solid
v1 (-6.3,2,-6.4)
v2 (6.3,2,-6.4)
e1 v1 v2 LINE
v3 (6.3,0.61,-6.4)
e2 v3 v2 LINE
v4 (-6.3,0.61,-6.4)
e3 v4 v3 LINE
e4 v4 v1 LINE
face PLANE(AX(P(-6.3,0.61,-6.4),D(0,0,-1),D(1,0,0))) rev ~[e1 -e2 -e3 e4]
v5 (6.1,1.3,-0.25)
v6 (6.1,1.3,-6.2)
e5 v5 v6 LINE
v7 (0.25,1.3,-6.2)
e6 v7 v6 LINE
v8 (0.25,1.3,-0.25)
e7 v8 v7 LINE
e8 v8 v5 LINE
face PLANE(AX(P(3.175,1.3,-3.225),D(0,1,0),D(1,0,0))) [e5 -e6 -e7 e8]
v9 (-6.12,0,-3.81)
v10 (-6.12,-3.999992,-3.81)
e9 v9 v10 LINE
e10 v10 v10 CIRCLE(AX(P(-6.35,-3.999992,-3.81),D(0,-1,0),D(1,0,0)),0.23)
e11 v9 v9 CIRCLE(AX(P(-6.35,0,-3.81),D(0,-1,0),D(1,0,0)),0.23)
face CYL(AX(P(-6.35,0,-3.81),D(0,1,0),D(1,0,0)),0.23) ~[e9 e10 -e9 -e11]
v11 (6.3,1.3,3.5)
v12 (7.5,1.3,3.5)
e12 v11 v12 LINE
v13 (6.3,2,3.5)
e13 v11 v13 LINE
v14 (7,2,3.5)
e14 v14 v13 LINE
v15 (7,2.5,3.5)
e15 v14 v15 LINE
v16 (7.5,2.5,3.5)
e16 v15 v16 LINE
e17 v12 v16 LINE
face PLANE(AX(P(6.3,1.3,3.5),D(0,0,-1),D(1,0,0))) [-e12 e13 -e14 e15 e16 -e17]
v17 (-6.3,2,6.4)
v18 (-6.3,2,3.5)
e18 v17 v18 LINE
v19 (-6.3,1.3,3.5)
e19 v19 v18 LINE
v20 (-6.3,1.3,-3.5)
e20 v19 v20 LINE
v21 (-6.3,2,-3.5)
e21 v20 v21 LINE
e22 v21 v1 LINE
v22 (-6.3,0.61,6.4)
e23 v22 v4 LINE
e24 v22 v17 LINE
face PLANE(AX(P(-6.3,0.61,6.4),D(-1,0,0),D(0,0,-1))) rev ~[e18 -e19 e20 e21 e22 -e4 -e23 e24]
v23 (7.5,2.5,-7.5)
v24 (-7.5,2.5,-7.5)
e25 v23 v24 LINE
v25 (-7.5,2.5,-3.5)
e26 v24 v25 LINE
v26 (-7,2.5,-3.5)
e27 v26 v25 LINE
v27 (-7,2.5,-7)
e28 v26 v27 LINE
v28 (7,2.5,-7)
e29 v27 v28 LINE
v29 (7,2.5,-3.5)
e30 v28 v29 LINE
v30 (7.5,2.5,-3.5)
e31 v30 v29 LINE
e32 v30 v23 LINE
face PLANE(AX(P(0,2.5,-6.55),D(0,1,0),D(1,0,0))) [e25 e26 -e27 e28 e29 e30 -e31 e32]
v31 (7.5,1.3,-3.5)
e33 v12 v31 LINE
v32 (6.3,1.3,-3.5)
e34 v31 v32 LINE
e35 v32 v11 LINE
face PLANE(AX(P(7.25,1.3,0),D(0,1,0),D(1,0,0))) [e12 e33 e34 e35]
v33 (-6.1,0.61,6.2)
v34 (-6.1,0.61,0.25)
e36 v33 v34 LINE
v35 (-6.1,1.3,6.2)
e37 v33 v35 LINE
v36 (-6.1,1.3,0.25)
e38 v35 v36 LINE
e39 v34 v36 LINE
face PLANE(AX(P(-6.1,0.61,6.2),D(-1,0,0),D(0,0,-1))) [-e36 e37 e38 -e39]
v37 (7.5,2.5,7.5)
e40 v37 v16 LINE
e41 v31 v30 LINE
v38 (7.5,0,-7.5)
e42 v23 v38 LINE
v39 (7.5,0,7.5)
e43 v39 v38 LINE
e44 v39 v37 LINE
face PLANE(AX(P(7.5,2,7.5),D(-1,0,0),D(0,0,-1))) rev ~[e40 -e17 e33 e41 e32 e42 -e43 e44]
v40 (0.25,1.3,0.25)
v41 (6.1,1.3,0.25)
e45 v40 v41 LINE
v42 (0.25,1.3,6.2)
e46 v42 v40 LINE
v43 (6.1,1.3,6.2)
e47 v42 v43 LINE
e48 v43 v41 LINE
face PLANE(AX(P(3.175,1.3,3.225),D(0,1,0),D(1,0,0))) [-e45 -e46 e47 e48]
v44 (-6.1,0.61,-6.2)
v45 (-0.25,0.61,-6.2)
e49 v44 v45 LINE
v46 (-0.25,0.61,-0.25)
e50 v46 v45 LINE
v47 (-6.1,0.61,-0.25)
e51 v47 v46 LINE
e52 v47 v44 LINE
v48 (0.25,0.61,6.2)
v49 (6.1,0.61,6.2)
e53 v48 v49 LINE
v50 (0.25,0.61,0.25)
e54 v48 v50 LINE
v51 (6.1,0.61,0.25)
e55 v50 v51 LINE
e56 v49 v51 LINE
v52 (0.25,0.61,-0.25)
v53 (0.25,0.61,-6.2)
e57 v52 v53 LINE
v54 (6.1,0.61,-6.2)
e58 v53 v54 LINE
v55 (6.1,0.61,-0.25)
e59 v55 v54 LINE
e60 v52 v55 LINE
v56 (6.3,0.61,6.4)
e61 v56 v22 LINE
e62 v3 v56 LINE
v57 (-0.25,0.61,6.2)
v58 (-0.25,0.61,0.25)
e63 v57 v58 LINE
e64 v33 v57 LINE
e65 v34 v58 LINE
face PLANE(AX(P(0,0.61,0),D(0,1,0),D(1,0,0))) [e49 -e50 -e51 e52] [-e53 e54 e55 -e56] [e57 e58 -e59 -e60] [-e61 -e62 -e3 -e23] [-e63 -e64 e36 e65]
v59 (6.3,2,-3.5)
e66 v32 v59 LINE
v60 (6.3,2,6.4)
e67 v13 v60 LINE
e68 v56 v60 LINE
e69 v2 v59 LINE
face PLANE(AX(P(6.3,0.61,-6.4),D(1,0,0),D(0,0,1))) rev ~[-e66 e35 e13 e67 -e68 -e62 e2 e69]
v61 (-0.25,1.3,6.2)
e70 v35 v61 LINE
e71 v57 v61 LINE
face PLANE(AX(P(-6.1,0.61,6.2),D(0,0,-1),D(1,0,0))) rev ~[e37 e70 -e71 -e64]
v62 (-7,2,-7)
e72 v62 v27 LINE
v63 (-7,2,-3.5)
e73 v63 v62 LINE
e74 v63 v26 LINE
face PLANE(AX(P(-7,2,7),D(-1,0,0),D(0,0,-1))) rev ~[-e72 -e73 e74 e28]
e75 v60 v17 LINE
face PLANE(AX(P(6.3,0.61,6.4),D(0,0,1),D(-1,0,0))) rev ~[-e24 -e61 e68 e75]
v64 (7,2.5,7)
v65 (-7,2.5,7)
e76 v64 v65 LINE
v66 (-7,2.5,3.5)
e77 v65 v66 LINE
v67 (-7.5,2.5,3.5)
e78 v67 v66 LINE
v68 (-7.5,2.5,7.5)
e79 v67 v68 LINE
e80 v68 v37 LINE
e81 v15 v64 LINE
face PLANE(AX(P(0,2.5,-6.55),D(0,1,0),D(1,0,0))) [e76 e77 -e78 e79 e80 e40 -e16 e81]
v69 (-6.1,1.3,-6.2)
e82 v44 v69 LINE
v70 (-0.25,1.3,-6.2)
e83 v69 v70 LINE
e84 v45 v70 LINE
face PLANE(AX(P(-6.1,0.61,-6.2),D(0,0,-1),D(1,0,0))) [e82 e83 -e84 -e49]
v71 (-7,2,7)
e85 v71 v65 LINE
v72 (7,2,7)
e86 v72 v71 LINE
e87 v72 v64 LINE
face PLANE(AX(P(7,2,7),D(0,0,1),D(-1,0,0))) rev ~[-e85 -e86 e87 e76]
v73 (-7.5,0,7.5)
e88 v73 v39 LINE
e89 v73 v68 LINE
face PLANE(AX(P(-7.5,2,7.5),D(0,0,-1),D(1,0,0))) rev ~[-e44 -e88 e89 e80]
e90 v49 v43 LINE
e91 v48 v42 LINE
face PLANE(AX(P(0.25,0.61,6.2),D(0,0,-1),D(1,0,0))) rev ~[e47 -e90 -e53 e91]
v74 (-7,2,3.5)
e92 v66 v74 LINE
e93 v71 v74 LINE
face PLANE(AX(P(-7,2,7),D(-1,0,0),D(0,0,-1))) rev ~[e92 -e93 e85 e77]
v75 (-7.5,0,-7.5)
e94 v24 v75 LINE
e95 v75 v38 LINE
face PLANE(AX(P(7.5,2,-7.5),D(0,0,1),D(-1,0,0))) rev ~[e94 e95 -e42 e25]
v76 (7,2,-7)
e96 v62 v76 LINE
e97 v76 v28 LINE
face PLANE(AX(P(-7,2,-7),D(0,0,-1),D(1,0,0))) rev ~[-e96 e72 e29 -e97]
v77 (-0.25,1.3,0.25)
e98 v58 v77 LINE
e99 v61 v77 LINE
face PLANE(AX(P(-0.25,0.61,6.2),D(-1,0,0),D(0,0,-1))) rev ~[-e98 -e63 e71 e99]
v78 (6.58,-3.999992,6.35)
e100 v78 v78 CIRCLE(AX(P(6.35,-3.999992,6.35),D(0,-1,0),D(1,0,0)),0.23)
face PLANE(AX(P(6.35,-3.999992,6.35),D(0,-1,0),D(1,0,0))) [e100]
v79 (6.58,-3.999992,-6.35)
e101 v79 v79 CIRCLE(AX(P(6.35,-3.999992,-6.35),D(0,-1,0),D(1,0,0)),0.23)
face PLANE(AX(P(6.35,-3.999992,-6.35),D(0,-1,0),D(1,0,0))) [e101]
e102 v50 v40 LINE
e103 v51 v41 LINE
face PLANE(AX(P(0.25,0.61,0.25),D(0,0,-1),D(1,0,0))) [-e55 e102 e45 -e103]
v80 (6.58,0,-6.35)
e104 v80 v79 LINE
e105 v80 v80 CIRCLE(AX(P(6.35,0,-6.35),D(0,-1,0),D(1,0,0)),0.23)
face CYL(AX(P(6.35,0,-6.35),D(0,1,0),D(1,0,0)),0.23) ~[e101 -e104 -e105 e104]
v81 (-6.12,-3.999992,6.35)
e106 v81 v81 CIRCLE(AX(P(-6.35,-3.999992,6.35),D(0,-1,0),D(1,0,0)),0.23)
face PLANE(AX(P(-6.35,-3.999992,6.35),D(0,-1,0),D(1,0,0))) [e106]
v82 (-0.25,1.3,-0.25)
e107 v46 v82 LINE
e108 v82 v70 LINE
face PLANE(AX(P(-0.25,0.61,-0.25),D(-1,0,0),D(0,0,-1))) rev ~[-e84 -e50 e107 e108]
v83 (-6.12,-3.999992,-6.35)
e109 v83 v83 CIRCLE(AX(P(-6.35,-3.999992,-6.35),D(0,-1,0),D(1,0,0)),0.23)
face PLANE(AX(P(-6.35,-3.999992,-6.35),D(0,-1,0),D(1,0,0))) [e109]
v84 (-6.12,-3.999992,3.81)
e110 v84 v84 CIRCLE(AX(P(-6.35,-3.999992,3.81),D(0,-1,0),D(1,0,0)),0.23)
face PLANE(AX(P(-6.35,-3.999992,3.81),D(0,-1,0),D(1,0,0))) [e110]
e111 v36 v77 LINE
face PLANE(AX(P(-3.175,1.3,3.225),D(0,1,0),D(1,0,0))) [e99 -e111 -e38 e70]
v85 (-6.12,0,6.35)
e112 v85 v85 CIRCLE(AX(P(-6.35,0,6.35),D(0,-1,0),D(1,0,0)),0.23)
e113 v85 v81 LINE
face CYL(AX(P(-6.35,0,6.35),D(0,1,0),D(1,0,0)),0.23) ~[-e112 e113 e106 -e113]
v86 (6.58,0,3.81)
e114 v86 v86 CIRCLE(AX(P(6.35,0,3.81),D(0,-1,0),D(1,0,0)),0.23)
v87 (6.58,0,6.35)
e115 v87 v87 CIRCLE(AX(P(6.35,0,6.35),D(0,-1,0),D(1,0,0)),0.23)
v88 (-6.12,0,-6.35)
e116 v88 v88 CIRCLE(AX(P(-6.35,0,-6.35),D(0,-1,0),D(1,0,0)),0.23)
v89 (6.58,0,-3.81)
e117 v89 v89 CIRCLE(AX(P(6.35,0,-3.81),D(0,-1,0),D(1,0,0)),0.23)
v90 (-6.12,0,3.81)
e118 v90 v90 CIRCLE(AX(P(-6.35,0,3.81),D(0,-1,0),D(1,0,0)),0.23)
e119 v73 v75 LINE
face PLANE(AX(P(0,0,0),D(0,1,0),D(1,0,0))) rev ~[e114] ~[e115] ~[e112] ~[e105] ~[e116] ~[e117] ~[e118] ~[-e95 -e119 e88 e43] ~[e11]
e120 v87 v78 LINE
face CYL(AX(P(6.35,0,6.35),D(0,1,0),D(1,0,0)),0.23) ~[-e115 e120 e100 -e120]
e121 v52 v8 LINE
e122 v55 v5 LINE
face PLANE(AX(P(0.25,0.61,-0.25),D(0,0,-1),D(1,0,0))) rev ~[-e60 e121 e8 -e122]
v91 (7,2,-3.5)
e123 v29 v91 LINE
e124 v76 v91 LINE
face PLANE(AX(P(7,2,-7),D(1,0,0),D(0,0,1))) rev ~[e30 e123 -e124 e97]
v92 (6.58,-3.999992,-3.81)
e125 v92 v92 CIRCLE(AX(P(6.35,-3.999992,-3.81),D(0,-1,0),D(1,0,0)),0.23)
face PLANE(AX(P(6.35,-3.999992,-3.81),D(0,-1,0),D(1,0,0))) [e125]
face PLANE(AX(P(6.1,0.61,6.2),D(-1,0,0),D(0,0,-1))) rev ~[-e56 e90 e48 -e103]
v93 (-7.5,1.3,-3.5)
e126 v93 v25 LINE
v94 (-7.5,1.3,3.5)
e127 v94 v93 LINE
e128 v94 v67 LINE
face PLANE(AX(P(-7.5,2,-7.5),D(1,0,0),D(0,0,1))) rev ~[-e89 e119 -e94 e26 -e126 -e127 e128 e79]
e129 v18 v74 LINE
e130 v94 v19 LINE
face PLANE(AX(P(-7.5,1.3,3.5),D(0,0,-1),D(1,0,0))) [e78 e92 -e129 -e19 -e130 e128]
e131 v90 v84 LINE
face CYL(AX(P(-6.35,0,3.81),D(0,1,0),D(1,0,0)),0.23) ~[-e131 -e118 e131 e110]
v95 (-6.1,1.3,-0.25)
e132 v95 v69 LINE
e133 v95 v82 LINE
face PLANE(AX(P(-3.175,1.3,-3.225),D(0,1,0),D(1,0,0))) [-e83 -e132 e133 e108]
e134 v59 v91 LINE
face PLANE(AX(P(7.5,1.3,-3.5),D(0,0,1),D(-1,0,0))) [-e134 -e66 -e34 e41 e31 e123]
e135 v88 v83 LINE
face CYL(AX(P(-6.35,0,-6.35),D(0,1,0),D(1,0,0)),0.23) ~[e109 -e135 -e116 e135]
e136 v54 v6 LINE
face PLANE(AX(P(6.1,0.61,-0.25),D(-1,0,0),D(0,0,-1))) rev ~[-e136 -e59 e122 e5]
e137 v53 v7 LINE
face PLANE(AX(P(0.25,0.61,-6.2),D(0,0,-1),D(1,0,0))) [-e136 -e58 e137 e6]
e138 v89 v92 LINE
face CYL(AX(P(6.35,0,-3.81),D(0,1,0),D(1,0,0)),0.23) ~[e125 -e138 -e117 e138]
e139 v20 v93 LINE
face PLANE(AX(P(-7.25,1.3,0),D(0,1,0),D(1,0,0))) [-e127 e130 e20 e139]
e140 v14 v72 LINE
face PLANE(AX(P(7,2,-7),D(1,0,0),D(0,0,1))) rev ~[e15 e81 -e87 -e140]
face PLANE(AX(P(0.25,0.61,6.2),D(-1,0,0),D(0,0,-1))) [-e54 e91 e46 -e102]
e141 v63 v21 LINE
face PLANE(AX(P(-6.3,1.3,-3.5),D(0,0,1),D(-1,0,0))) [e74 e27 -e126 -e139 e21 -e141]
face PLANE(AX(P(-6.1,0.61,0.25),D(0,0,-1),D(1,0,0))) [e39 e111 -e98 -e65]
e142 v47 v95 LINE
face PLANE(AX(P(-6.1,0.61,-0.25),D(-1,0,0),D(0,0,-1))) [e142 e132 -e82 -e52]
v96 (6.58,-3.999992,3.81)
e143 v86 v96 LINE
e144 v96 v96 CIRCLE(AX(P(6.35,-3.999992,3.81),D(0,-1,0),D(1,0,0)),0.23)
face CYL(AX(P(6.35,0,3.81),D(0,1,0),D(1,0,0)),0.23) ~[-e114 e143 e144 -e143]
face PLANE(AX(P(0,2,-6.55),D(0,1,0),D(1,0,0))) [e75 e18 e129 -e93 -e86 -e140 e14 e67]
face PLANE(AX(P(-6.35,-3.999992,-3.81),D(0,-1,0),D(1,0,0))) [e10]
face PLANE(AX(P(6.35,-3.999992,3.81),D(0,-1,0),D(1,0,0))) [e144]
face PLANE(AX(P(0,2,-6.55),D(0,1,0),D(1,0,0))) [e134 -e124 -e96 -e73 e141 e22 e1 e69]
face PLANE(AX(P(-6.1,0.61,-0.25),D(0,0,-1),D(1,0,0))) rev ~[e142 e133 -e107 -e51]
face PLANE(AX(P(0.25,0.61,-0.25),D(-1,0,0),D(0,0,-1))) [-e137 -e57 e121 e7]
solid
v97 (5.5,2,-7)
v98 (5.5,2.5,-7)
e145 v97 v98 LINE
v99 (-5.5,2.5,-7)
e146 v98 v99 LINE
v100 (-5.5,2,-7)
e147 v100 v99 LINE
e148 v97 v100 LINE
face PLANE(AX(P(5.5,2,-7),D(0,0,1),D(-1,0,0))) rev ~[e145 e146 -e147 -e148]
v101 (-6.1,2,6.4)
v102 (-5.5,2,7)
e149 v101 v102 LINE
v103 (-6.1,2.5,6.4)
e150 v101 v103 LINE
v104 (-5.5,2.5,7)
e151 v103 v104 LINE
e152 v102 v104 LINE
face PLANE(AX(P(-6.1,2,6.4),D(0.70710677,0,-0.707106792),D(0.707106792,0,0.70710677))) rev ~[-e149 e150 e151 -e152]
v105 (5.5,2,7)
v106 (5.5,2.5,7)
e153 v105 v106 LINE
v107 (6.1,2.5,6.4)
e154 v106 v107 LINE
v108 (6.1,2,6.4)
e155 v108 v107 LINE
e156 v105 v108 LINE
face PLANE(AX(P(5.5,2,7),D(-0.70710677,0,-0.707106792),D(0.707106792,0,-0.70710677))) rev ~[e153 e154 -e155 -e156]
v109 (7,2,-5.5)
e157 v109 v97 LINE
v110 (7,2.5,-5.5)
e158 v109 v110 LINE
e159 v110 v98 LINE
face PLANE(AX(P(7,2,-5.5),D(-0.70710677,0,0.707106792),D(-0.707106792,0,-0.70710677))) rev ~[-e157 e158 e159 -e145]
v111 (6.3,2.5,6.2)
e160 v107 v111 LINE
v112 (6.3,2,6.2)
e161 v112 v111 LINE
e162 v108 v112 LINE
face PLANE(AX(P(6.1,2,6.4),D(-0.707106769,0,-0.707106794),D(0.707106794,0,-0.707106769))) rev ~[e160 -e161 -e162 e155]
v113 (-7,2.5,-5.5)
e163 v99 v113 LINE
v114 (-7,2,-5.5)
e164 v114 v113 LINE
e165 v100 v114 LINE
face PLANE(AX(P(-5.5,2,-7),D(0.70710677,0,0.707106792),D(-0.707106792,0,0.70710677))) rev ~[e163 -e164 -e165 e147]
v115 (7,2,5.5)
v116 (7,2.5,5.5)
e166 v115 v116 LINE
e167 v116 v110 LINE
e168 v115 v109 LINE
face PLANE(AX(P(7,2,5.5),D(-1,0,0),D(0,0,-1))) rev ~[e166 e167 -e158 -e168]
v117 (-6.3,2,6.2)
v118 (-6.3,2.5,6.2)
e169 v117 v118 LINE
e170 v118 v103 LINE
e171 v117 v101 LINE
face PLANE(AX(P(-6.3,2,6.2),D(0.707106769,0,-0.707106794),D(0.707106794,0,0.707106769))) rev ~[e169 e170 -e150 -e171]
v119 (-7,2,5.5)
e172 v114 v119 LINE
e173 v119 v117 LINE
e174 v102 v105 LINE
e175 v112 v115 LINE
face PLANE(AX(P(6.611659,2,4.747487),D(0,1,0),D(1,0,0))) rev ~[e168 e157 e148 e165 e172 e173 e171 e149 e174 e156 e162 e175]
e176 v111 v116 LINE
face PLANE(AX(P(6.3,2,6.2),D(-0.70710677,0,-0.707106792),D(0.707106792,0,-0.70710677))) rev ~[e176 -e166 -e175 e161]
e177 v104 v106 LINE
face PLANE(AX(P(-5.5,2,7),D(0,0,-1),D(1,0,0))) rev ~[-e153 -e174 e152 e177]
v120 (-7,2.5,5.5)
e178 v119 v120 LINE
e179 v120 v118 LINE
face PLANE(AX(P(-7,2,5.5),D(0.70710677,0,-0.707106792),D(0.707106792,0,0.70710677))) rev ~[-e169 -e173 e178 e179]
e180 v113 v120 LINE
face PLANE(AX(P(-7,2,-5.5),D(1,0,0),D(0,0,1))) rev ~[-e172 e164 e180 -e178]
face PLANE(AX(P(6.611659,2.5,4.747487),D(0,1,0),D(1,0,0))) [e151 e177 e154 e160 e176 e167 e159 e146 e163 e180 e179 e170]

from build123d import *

# Parameters (mm, degrees)
SKETCH1_W           = 15
SKETCH1_H           = 15
BOSS_EXTRUDE1_DEPTH = 0.61
BOSS_EXTRUDE2_START = 0.61
SKETCH1_3_W         = 5.85
SKETCH1_3_H         = 5.95
BOSS_EXTRUDE2_DEPTH = 0.69
BOSS_EXTRUDE3_START = 0.61
SKETCH1_4_W         = 0.5
SKETCH1_4_H         = 7
BOSS_EXTRUDE3_DEPTH = 1.39
BOSS_EXTRUDE4_START = 2
SKETCH1_7_W         = 0.5
SKETCH1_7_H         = 7
BOSS_EXTRUDE4_DEPTH = 0.5
CUT_EXTRUDE1_START  = 1.3
SKETCH1_6_W         = 0.5
SKETCH1_6_H         = 7
CUT_EXTRUDE1_DEPTH  = 1.2
SKETCH2_R           = 0.23
BOSS_EXTRUDE5_DEPTH = 3.999992
BOSS_EXTRUDE6_DEPTH = 0.5


with BuildPart() as part:
    # Sketch1 → Boss-Extrude1 (new body)
    with BuildSketch(Plane(origin=(0, 0, 0), x_dir=(1, 0, 0), z_dir=(0, 1, 0))):
        Rectangle(SKETCH1_W, SKETCH1_H)
    extrude(amount=BOSS_EXTRUDE1_DEPTH)

    # Sketch1_3 → Boss-Extrude2 (add)
    with BuildSketch(Plane(origin=(0, 0, 0), x_dir=(1, 0, 0), z_dir=(0, 1, 0)).offset(BOSS_EXTRUDE2_START)):
        with Locations((-3.175, 3.225)):
            Rectangle(SKETCH1_3_W, SKETCH1_3_H)
        with Locations((-3.175, -3.225)):
            Rectangle(SKETCH1_3_W, SKETCH1_3_H)
        with Locations((3.175, -3.225)):
            Rectangle(SKETCH1_3_W, SKETCH1_3_H)
        with Locations((3.175, 3.225)):
            Rectangle(SKETCH1_3_W, SKETCH1_3_H)
    extrude(amount=BOSS_EXTRUDE2_DEPTH)

    # Sketch1_4 → Boss-Extrude3 (add)
    with BuildSketch(Plane(origin=(0, 0, 0), x_dir=(1, 0, 0), z_dir=(0, 1, 0)).offset(BOSS_EXTRUDE3_START)):
        Polygon((-7.5, 7.5), (-7.5, 3.5), (-7, 3.5), (-7, 7), (7, 7), (7, 3.5), (7.5, 3.5), (7.5, 7.5), align=None)
        Polygon((-7, 7), (-7, 3.5), (-6.3, 3.5), (-6.3, 6.4), (-0.05, 6.4), (0.05, 6.4), (6.3, 6.4), (6.3, 3.5), (7, 3.5), (7, 7), align=None)
        with Locations((-7.25, 0)):
            Rectangle(SKETCH1_4_W, SKETCH1_4_H)
        Polygon((-7, 3.5), (-7, -3.5), (-6.3, -3.5), (-6.3, -0.05), (-6.3, 0.05), (-6.3, 3.5), align=None)
        Polygon((-7.5, -3.5), (-7.5, -7.5), (7.5, -7.5), (7.5, -3.5), (7, -3.5), (7, -7), (-7, -7), (-7, -3.5), align=None)
        Polygon((-6.3, -3.5), (-7, -3.5), (-7, -7), (7, -7), (7, -3.5), (6.3, -3.5), (6.3, -6.4), (0.05, -6.4), (-0.05, -6.4), (-6.3, -6.4), align=None)
        Polygon((6.3, -3.5), (7, -3.5), (7, 3.5), (6.3, 3.5), (6.3, 0.05), (6.3, -0.05), align=None)
        with Locations((7.25, 0)):
            Rectangle(SKETCH1_4_W, SKETCH1_4_H)
    extrude(amount=BOSS_EXTRUDE3_DEPTH)

    # Sketch1_7 → Boss-Extrude4 (add)
    with BuildSketch(Plane(origin=(0, 0, 0), x_dir=(1, 0, 0), z_dir=(0, 1, 0)).offset(BOSS_EXTRUDE4_START)):
        Polygon((-7.5, 7.5), (-7.5, 3.5), (-7, 3.5), (-7, 7), (7, 7), (7, 3.5), (7.5, 3.5), (7.5, 7.5), align=None)
        with Locations((-7.25, 0)):
            Rectangle(SKETCH1_7_W, SKETCH1_7_H)
        Polygon((-7.5, -3.5), (-7.5, -7.5), (7.5, -7.5), (7.5, -3.5), (7, -3.5), (7, -7), (-7, -7), (-7, -3.5), align=None)
        with Locations((7.25, 0)):
            Rectangle(SKETCH1_7_W, SKETCH1_7_H)
    extrude(amount=BOSS_EXTRUDE4_DEPTH)

    # Sketch1_6 → Cut-Extrude1 (cut)
    with BuildSketch(Plane(origin=(0, 0, 0), x_dir=(1, 0, 0), z_dir=(0, 1, 0)).offset(CUT_EXTRUDE1_START)):
        with Locations((-7.25, 0)):
            Rectangle(SKETCH1_6_W, SKETCH1_6_H)
        with Locations((7.25, 0)):
            Rectangle(SKETCH1_6_W, SKETCH1_6_H)
        Polygon((-7, 3.5), (-7, -3.5), (-6.3, -3.5), (-6.3, -0.05), (-6.3, 0.05), (-6.3, 3.5), align=None)
        Polygon((6.3, -3.5), (7, -3.5), (7, 3.5), (6.3, 3.5), (6.3, 0.05), (6.3, -0.05), align=None)
    extrude(amount=CUT_EXTRUDE1_DEPTH, mode=Mode.SUBTRACT)

    # Sketch2 → Boss-Extrude5 (add)
    with BuildSketch(Plane.XZ):
        with Locations((6.35, 6.35)):
            Circle(SKETCH2_R)
        with Locations((6.35, 3.81)):
            Circle(SKETCH2_R)
        with Locations((-6.35, 3.81)):
            Circle(SKETCH2_R)
        with Locations((-6.35, 6.35)):
            Circle(SKETCH2_R)
        with Locations((6.35, -3.81)):
            Circle(SKETCH2_R)
        with Locations((6.35, -6.35)):
            Circle(SKETCH2_R)
        with Locations((-6.35, -6.35)):
            Circle(SKETCH2_R)
        with Locations((-6.35, -3.81)):
            Circle(SKETCH2_R)
    extrude(amount=BOSS_EXTRUDE5_DEPTH)


with BuildPart() as body_2:
    # Sketch3 → Boss-Extrude6 (new body)
    with BuildSketch(Plane(origin=(0, 2, 0), x_dir=(1, 0, 0), z_dir=(0, 1, 0))):
        Polygon((6.3, -6.199999978), (7, -5.5), (7, -3.5), (6.3, -3.5), align=None)
        Polygon((6.099999971, -6.4), (6.3, -6.199999978), (6.3, -3.5), (7, -3.5), (7, 5.5), (5.499999952, 7), (-5.499999952, 7), (-7, 5.5), (-7, -3.5), (-6.3, -3.5), (-6.3, -6.199999978), (-6.099999971, -6.4), align=None)
        Polygon((5.499999952, -7), (6.099999971, -6.4), (-6.099999971, -6.4), (-5.499999952, -7), align=None)
        Polygon((-7, -5.5), (-6.3, -6.199999978), (-6.3, -3.5), (-7, -3.5), align=None)
    extrude(amount=BOSS_EXTRUDE6_DEPTH)


solid = Compound([part.part, body_2.part])
